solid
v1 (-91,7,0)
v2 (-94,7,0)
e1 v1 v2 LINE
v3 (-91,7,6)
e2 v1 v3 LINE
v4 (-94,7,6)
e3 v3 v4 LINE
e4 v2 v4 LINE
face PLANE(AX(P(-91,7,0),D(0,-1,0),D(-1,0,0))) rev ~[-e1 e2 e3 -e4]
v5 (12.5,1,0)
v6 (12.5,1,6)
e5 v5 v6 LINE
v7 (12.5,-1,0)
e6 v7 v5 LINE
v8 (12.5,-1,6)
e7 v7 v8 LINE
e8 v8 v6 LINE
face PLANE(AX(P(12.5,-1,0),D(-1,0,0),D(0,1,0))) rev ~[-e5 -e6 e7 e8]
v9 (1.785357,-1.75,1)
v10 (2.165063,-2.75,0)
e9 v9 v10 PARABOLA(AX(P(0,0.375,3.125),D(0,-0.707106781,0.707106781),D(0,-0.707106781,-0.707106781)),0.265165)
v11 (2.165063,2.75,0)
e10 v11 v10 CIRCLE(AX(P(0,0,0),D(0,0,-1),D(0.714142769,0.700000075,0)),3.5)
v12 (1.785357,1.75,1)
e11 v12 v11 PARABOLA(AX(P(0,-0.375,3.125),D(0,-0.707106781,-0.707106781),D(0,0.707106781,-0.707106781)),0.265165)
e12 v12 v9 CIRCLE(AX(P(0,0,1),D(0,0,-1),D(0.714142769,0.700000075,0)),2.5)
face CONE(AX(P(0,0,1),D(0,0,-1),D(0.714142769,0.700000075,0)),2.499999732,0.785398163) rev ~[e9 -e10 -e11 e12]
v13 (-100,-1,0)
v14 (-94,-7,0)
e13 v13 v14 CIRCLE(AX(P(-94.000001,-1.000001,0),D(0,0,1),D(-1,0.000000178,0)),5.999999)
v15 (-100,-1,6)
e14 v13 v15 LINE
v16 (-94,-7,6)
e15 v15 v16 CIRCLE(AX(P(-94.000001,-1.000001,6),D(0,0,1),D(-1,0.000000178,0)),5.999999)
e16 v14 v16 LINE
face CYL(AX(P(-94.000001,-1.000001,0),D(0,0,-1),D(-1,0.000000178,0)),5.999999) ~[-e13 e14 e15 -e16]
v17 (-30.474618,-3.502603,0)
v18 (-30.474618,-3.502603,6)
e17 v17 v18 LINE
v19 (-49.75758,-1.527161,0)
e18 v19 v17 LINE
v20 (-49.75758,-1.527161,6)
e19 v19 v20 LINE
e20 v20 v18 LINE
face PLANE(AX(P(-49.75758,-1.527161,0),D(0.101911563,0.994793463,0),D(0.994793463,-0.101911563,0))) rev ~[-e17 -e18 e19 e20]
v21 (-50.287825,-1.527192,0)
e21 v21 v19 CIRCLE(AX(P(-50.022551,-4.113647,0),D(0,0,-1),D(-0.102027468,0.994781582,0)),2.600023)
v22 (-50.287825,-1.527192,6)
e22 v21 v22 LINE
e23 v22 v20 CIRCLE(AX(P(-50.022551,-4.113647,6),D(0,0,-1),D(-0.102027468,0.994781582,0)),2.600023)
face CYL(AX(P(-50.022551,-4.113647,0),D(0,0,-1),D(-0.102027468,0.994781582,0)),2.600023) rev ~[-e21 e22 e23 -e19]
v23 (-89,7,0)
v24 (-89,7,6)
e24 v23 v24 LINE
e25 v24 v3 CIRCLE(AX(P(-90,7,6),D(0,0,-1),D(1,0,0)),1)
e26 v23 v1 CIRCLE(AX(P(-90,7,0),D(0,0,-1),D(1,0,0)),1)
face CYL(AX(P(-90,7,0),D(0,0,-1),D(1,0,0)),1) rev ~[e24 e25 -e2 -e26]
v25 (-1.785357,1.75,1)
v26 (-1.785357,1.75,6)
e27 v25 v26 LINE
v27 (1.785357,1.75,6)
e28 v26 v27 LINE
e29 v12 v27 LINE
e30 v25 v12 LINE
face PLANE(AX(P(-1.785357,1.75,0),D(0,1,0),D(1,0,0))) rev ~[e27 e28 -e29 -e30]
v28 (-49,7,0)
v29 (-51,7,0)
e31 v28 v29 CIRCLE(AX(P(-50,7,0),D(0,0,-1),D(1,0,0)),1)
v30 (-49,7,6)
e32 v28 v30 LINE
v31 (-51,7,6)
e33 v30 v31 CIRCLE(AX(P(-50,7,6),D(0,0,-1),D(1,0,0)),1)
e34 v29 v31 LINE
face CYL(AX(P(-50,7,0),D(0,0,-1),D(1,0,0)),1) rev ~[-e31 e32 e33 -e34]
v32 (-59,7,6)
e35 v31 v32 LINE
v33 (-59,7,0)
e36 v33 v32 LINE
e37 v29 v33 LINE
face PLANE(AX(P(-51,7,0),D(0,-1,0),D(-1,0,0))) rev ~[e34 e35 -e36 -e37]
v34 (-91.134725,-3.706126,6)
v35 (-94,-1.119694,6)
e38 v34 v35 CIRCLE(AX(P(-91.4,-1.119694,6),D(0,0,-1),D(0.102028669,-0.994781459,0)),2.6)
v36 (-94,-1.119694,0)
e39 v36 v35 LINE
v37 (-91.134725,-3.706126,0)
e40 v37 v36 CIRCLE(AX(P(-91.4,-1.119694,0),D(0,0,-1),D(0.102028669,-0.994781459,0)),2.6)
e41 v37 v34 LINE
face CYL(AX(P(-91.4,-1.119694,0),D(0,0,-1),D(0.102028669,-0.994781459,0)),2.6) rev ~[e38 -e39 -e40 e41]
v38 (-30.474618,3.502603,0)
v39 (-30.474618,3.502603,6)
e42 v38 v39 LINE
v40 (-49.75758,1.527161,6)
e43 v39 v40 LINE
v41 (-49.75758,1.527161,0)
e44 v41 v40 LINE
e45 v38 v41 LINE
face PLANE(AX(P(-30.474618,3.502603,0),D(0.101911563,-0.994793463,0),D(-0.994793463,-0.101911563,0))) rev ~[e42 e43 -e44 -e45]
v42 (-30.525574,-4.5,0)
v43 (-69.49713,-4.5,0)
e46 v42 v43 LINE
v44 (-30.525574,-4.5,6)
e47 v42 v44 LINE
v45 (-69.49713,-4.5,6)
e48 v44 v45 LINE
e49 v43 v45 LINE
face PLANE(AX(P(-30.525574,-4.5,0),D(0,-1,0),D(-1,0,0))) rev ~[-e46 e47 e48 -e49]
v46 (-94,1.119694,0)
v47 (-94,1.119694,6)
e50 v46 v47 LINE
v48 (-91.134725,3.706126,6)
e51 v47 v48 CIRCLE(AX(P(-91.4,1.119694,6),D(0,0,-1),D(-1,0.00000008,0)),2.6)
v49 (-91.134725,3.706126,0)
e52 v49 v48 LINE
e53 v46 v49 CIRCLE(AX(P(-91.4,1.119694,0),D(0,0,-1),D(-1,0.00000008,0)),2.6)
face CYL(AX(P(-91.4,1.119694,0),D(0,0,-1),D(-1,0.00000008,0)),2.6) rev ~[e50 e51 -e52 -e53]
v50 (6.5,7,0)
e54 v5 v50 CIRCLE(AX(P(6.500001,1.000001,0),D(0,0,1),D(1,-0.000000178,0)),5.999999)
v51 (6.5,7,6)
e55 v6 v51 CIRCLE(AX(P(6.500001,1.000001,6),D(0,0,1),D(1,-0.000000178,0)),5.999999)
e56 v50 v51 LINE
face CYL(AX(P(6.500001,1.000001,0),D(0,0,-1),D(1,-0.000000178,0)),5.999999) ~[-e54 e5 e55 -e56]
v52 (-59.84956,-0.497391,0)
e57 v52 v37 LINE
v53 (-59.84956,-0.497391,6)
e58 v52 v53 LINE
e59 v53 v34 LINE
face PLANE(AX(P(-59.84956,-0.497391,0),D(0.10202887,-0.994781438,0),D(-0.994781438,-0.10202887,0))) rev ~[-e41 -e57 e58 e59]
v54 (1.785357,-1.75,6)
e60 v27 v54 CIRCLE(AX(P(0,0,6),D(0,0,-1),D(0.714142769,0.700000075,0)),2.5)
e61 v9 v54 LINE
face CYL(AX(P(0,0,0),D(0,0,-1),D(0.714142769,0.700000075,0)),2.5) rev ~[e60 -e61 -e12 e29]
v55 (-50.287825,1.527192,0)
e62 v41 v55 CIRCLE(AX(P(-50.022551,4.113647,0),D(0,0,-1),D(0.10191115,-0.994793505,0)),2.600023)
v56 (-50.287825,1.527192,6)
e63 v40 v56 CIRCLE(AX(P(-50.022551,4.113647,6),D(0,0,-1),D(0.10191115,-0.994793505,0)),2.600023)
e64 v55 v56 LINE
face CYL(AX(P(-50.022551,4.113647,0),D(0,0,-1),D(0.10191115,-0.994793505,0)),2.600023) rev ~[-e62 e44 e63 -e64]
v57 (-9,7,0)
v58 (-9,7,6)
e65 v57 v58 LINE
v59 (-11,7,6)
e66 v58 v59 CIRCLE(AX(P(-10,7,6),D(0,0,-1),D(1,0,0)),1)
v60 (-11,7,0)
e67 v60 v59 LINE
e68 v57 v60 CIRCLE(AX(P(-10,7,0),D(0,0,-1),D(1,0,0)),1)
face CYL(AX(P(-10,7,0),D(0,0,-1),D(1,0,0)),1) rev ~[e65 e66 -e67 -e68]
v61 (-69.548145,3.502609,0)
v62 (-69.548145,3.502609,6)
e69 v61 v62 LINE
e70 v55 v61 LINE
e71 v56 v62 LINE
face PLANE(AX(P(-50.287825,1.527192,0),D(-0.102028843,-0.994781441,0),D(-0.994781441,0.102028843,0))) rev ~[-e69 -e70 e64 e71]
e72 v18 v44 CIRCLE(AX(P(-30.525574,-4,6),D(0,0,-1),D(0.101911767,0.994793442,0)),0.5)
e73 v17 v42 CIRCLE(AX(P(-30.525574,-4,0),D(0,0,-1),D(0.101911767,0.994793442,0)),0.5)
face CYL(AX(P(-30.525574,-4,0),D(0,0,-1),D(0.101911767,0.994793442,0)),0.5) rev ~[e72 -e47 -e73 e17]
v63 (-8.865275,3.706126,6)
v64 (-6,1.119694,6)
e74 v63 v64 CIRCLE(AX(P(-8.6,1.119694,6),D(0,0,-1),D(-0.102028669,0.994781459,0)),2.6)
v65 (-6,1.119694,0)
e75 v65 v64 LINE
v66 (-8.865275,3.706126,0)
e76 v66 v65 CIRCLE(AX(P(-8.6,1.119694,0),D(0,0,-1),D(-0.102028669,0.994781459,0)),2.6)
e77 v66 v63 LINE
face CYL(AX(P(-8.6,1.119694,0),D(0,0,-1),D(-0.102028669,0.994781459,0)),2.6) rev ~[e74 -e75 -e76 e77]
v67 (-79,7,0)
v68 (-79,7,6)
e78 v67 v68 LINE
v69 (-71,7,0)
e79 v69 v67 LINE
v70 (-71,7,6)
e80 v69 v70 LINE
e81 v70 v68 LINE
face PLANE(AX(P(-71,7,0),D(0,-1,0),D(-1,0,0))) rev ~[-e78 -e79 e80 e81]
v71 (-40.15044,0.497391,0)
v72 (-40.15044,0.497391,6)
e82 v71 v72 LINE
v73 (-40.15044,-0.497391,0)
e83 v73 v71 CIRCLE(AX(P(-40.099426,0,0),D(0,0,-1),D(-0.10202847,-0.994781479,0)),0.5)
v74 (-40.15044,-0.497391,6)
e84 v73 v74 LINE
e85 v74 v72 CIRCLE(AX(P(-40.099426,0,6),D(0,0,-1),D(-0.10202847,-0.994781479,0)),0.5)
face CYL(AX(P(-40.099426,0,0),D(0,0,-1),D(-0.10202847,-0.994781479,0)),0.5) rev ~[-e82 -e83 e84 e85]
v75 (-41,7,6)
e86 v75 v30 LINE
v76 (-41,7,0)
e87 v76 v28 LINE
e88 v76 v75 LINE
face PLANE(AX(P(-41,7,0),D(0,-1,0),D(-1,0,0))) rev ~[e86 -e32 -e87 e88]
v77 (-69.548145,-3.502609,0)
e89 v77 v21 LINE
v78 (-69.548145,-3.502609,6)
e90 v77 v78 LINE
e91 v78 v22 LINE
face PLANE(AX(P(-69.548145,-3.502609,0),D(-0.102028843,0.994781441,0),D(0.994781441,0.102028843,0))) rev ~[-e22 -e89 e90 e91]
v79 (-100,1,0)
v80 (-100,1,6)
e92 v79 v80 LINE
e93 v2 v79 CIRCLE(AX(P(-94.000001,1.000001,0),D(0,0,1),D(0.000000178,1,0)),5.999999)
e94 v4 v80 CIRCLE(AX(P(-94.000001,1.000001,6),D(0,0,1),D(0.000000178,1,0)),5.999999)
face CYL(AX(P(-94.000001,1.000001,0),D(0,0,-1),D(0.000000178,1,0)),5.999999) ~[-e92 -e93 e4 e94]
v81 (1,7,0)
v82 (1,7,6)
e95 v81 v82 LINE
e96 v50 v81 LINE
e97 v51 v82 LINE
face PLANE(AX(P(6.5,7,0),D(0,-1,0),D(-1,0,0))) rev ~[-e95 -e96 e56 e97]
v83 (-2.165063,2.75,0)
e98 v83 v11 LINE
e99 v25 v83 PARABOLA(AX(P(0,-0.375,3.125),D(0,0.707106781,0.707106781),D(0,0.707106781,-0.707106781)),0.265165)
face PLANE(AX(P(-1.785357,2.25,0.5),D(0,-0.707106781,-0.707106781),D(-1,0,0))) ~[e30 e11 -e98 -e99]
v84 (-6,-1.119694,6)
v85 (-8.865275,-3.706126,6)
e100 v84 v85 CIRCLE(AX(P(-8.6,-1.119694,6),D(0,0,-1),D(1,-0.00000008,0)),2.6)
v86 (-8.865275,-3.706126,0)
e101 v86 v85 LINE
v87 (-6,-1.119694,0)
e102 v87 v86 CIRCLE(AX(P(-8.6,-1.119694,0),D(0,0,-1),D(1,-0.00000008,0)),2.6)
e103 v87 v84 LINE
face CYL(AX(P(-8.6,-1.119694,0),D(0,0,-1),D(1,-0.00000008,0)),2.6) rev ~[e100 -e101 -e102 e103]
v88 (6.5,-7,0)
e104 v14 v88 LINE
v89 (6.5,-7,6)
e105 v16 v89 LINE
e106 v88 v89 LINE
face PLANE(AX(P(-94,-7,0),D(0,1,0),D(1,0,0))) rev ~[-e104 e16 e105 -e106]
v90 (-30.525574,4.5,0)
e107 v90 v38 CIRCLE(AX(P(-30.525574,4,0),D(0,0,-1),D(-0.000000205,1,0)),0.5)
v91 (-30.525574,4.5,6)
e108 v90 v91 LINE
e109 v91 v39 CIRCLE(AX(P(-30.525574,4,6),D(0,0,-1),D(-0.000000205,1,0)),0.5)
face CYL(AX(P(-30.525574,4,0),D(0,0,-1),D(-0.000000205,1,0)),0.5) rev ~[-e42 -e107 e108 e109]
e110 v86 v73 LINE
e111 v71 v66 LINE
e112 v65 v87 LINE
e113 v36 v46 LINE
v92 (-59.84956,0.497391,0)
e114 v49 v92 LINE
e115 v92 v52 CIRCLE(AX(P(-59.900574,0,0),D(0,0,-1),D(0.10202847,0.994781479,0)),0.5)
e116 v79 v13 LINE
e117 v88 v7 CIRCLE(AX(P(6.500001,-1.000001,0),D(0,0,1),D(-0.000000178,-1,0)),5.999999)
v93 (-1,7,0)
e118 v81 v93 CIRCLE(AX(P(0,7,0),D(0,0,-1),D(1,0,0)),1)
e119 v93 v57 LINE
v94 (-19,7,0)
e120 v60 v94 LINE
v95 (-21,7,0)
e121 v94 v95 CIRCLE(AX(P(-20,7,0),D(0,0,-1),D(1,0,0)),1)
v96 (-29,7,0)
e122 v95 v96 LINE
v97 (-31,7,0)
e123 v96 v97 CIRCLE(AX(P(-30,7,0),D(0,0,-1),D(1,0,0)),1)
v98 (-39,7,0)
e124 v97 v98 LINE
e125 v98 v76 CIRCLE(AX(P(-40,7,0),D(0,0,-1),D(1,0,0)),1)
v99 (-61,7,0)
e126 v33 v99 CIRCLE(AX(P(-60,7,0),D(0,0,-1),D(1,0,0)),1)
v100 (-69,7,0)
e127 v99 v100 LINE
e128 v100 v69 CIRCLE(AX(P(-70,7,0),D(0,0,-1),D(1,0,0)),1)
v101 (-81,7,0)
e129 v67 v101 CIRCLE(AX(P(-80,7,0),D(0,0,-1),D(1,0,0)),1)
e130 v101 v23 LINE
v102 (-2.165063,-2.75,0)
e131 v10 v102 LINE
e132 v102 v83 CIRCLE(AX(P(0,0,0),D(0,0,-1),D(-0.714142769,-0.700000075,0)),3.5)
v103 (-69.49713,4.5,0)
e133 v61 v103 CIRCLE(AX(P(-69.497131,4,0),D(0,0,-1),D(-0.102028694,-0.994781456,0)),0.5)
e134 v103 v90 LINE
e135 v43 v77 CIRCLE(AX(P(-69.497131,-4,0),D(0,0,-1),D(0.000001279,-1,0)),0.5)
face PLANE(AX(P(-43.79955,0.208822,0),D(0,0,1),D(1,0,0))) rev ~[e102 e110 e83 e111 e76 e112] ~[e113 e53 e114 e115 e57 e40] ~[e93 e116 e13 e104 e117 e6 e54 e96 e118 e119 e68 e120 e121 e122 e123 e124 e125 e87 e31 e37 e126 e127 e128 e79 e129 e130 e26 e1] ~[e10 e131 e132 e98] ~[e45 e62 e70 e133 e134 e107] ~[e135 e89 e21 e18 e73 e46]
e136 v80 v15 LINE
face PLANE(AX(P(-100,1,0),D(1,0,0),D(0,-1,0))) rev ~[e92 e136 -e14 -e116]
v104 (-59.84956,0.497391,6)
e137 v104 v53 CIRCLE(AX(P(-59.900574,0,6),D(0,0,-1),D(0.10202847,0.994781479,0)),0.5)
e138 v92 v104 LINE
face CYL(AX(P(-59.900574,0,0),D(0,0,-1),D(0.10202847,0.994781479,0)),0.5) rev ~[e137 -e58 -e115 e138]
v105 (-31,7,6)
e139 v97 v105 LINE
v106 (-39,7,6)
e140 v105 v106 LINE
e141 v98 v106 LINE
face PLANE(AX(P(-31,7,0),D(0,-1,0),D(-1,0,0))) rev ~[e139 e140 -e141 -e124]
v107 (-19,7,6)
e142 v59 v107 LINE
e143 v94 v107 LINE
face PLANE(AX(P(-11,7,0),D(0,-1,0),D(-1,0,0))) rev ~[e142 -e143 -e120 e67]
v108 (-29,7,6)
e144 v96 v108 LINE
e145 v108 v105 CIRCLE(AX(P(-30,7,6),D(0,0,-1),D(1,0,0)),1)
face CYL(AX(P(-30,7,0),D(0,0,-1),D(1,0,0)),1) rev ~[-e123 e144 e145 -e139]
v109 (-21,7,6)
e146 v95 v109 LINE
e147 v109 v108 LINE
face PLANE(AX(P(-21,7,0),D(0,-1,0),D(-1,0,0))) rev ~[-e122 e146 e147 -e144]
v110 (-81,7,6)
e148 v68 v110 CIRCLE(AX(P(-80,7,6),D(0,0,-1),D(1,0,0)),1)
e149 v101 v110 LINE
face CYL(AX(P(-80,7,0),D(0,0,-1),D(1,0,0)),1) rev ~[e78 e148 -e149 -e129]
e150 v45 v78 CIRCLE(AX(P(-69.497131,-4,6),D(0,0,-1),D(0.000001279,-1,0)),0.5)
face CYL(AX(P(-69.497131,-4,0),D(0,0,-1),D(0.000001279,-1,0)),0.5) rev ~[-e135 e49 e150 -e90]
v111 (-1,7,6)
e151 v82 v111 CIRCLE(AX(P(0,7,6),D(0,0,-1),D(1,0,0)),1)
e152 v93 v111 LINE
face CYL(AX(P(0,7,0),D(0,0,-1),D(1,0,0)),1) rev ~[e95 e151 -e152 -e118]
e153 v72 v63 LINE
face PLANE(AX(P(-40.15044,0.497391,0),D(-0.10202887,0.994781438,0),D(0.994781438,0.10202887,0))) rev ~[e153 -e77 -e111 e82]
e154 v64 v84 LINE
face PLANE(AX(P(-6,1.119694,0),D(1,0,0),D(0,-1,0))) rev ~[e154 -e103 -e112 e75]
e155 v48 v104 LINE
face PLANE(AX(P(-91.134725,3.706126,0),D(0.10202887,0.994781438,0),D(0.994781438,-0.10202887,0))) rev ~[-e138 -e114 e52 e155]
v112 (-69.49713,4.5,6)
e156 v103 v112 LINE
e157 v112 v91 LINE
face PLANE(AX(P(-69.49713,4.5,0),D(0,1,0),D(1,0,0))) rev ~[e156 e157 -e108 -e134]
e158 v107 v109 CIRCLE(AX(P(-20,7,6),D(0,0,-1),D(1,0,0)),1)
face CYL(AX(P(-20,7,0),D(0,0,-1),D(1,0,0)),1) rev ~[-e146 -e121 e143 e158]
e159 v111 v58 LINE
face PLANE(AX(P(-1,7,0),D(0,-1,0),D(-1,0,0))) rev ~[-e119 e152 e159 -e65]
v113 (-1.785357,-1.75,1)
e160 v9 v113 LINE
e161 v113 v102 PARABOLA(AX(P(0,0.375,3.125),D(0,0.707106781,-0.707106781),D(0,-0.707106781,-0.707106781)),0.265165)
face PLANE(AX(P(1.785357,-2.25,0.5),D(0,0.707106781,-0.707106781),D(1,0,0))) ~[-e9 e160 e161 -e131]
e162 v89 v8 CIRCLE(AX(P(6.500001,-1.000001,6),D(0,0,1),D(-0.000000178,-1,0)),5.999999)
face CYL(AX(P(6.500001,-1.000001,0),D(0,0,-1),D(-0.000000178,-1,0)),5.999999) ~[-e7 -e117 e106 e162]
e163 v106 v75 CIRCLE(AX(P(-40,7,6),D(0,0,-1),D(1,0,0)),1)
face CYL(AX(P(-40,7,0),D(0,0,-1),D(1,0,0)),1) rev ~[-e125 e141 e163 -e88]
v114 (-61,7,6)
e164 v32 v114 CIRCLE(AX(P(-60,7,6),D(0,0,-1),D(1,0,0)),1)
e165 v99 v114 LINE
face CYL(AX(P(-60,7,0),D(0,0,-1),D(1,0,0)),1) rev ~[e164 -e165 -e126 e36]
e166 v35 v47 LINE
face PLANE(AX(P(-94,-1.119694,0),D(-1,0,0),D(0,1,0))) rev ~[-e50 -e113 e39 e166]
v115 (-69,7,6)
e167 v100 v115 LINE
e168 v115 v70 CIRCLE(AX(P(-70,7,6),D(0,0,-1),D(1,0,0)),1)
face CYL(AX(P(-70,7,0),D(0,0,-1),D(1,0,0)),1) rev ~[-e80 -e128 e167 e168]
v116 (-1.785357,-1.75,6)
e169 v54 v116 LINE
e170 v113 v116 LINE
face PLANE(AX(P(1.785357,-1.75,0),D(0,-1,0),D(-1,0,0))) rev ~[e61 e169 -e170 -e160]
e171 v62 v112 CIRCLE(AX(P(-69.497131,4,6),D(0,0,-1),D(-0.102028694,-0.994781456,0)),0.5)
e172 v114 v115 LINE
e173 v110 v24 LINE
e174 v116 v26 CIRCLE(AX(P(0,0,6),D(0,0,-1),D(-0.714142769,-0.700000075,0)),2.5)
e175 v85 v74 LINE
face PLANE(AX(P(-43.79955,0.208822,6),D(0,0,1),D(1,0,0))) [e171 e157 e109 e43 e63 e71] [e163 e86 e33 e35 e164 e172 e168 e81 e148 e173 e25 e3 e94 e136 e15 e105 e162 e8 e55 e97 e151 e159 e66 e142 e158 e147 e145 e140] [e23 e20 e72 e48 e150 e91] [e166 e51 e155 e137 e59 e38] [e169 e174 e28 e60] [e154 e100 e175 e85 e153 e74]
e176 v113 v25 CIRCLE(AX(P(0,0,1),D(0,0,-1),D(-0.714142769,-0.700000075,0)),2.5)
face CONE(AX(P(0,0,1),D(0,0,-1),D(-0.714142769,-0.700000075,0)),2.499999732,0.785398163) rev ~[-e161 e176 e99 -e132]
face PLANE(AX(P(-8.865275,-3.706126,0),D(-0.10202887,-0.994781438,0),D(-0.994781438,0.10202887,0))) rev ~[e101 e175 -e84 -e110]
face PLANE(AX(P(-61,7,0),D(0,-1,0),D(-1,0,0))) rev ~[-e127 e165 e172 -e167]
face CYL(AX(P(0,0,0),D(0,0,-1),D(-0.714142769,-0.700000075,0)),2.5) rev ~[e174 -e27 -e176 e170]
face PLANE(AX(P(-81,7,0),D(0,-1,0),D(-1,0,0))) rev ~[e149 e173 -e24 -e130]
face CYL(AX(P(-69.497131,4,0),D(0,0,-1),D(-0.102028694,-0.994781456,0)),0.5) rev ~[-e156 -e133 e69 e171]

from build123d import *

# Parameters (mm, degrees)
F1_DEPTH = 6
F2_SIZE  = 1


with BuildPart() as f1:
    # F0 (on Top) → F1 (new body)
    with BuildSketch(Plane.XY):
        with BuildLine():
            Line((-91, 7), (-94, 7))
            ThreePointArc((-94, 7), (-98.242641, 5.242641), (-100, 1))
            Line((-100, 1), (-100, -1))
            ThreePointArc((-100, -1), (-98.242641, -5.242641), (-94, -7))
            Line((-94, -7), (6.5, -7))
            ThreePointArc((6.5, -7), (10.742641, -5.242641), (12.5, -1))
            Line((12.5, -1), (12.5, 1))
            ThreePointArc((12.5, 1), (10.742641, 5.242641), (6.5, 7))
            Line((6.5, 7), (1, 7))
            ThreePointArc((1, 7), (0, 6), (-1, 7))
            Line((-1, 7), (-9, 7))
            ThreePointArc((-9, 7), (-10, 6), (-11, 7))
            Line((-11, 7), (-19, 7))
            ThreePointArc((-19, 7), (-20, 6), (-21, 7))
            Line((-21, 7), (-29, 7))
            ThreePointArc((-29, 7), (-30, 6), (-31, 7))
            Line((-31, 7), (-39, 7))
            ThreePointArc((-39, 7), (-40, 6), (-41, 7))
            Line((-41, 7), (-49, 7))
            ThreePointArc((-49, 7), (-50, 6), (-51, 7))
            Line((-51, 7), (-59, 7))
            ThreePointArc((-59, 7), (-60, 6), (-61, 7))
            Line((-61, 7), (-69, 7))
            ThreePointArc((-69, 7), (-70, 6), (-71, 7))
            Line((-71, 7), (-79, 7))
            ThreePointArc((-79, 7), (-80, 6), (-81, 7))
            Line((-81, 7), (-89, 7))
            ThreePointArc((-89, 7), (-90, 6), (-91, 7))
        make_face()
        with BuildLine():
            ThreePointArc((-69.49713, -4.5), (-69.996478, -4.025541), (-69.548145, -3.502609))
            Line((-69.548145, -3.502609), (-50.287825, -1.527192))
            ThreePointArc((-50.287825, -1.527192), (-50.022703, -1.513624), (-49.75758, -1.527161))
            Line((-49.75758, -1.527161), (-30.474618, -3.502603))
            ThreePointArc((-30.474618, -3.502603), (-30.026225, -4.025511), (-30.525574, -4.5))
            Line((-30.525574, -4.5), (-69.49713, -4.5))
        make_face(mode=Mode.SUBTRACT)
        with BuildLine():
            Line((-94, -1.119694), (-94, 1.119694))
            ThreePointArc((-94, 1.119694), (-93.142166, 3.049683), (-91.134725, 3.706126))
            Line((-91.134725, 3.706126), (-59.84956, 0.497391))
            ThreePointArc((-59.84956, 0.497391), (-59.400574, 0), (-59.84956, -0.497391))
            Line((-59.84956, -0.497391), (-91.134725, -3.706126))
            ThreePointArc((-91.134725, -3.706126), (-93.142166, -3.049683), (-94, -1.119694))
        make_face(mode=Mode.SUBTRACT)
        with BuildLine():
            ThreePointArc((-69.548145, 3.502609), (-69.996478, 4.025541), (-69.49713, 4.5))
            Line((-69.49713, 4.5), (-30.525574, 4.5))
            ThreePointArc((-30.525574, 4.5), (-30.026225, 4.025511), (-30.474618, 3.502603))
            Line((-30.474618, 3.502603), (-49.75758, 1.527161))
            ThreePointArc((-49.75758, 1.527161), (-50.022703, 1.513624), (-50.287825, 1.527192))
            Line((-50.287825, 1.527192), (-69.548145, 3.502609))
        make_face(mode=Mode.SUBTRACT)
        with BuildLine():
            ThreePointArc((-40.15044, -0.497391), (-40.599426, 0), (-40.15044, 0.497391))
            Line((-40.15044, 0.497391), (-8.865275, 3.706126))
            ThreePointArc((-8.865275, 3.706126), (-6.857834, 3.049683), (-6, 1.119694))
            Line((-6, 1.119694), (-6, -1.119694))
            ThreePointArc((-6, -1.119694), (-6.857834, -3.049683), (-8.865275, -3.706126))
            Line((-8.865275, -3.706126), (-40.15044, -0.497391))
        make_face(mode=Mode.SUBTRACT)
        with BuildLine():
            ThreePointArc((-1.785357, -1.75), (-2.5, 0), (-1.785357, 1.75))
            Line((-1.785357, 1.75), (1.785357, 1.75))
            ThreePointArc((1.785357, 1.75), (2.5, 0), (1.785357, -1.75))
            Line((1.785357, -1.75), (-1.785357, -1.75))
        make_face(mode=Mode.SUBTRACT)
    extrude(amount=F1_DEPTH)

    # F2
    f2_edges = [f1.edges().sort_by_distance(p)[0] for p in [
        (0, 1.75, 0),
        (-2.5, 0, 0),
        (2.5, 0, 0),
        (0, -1.75, 0),
    ]]
    chamfer(f2_edges, length=F2_SIZE)


solid = f1.part
